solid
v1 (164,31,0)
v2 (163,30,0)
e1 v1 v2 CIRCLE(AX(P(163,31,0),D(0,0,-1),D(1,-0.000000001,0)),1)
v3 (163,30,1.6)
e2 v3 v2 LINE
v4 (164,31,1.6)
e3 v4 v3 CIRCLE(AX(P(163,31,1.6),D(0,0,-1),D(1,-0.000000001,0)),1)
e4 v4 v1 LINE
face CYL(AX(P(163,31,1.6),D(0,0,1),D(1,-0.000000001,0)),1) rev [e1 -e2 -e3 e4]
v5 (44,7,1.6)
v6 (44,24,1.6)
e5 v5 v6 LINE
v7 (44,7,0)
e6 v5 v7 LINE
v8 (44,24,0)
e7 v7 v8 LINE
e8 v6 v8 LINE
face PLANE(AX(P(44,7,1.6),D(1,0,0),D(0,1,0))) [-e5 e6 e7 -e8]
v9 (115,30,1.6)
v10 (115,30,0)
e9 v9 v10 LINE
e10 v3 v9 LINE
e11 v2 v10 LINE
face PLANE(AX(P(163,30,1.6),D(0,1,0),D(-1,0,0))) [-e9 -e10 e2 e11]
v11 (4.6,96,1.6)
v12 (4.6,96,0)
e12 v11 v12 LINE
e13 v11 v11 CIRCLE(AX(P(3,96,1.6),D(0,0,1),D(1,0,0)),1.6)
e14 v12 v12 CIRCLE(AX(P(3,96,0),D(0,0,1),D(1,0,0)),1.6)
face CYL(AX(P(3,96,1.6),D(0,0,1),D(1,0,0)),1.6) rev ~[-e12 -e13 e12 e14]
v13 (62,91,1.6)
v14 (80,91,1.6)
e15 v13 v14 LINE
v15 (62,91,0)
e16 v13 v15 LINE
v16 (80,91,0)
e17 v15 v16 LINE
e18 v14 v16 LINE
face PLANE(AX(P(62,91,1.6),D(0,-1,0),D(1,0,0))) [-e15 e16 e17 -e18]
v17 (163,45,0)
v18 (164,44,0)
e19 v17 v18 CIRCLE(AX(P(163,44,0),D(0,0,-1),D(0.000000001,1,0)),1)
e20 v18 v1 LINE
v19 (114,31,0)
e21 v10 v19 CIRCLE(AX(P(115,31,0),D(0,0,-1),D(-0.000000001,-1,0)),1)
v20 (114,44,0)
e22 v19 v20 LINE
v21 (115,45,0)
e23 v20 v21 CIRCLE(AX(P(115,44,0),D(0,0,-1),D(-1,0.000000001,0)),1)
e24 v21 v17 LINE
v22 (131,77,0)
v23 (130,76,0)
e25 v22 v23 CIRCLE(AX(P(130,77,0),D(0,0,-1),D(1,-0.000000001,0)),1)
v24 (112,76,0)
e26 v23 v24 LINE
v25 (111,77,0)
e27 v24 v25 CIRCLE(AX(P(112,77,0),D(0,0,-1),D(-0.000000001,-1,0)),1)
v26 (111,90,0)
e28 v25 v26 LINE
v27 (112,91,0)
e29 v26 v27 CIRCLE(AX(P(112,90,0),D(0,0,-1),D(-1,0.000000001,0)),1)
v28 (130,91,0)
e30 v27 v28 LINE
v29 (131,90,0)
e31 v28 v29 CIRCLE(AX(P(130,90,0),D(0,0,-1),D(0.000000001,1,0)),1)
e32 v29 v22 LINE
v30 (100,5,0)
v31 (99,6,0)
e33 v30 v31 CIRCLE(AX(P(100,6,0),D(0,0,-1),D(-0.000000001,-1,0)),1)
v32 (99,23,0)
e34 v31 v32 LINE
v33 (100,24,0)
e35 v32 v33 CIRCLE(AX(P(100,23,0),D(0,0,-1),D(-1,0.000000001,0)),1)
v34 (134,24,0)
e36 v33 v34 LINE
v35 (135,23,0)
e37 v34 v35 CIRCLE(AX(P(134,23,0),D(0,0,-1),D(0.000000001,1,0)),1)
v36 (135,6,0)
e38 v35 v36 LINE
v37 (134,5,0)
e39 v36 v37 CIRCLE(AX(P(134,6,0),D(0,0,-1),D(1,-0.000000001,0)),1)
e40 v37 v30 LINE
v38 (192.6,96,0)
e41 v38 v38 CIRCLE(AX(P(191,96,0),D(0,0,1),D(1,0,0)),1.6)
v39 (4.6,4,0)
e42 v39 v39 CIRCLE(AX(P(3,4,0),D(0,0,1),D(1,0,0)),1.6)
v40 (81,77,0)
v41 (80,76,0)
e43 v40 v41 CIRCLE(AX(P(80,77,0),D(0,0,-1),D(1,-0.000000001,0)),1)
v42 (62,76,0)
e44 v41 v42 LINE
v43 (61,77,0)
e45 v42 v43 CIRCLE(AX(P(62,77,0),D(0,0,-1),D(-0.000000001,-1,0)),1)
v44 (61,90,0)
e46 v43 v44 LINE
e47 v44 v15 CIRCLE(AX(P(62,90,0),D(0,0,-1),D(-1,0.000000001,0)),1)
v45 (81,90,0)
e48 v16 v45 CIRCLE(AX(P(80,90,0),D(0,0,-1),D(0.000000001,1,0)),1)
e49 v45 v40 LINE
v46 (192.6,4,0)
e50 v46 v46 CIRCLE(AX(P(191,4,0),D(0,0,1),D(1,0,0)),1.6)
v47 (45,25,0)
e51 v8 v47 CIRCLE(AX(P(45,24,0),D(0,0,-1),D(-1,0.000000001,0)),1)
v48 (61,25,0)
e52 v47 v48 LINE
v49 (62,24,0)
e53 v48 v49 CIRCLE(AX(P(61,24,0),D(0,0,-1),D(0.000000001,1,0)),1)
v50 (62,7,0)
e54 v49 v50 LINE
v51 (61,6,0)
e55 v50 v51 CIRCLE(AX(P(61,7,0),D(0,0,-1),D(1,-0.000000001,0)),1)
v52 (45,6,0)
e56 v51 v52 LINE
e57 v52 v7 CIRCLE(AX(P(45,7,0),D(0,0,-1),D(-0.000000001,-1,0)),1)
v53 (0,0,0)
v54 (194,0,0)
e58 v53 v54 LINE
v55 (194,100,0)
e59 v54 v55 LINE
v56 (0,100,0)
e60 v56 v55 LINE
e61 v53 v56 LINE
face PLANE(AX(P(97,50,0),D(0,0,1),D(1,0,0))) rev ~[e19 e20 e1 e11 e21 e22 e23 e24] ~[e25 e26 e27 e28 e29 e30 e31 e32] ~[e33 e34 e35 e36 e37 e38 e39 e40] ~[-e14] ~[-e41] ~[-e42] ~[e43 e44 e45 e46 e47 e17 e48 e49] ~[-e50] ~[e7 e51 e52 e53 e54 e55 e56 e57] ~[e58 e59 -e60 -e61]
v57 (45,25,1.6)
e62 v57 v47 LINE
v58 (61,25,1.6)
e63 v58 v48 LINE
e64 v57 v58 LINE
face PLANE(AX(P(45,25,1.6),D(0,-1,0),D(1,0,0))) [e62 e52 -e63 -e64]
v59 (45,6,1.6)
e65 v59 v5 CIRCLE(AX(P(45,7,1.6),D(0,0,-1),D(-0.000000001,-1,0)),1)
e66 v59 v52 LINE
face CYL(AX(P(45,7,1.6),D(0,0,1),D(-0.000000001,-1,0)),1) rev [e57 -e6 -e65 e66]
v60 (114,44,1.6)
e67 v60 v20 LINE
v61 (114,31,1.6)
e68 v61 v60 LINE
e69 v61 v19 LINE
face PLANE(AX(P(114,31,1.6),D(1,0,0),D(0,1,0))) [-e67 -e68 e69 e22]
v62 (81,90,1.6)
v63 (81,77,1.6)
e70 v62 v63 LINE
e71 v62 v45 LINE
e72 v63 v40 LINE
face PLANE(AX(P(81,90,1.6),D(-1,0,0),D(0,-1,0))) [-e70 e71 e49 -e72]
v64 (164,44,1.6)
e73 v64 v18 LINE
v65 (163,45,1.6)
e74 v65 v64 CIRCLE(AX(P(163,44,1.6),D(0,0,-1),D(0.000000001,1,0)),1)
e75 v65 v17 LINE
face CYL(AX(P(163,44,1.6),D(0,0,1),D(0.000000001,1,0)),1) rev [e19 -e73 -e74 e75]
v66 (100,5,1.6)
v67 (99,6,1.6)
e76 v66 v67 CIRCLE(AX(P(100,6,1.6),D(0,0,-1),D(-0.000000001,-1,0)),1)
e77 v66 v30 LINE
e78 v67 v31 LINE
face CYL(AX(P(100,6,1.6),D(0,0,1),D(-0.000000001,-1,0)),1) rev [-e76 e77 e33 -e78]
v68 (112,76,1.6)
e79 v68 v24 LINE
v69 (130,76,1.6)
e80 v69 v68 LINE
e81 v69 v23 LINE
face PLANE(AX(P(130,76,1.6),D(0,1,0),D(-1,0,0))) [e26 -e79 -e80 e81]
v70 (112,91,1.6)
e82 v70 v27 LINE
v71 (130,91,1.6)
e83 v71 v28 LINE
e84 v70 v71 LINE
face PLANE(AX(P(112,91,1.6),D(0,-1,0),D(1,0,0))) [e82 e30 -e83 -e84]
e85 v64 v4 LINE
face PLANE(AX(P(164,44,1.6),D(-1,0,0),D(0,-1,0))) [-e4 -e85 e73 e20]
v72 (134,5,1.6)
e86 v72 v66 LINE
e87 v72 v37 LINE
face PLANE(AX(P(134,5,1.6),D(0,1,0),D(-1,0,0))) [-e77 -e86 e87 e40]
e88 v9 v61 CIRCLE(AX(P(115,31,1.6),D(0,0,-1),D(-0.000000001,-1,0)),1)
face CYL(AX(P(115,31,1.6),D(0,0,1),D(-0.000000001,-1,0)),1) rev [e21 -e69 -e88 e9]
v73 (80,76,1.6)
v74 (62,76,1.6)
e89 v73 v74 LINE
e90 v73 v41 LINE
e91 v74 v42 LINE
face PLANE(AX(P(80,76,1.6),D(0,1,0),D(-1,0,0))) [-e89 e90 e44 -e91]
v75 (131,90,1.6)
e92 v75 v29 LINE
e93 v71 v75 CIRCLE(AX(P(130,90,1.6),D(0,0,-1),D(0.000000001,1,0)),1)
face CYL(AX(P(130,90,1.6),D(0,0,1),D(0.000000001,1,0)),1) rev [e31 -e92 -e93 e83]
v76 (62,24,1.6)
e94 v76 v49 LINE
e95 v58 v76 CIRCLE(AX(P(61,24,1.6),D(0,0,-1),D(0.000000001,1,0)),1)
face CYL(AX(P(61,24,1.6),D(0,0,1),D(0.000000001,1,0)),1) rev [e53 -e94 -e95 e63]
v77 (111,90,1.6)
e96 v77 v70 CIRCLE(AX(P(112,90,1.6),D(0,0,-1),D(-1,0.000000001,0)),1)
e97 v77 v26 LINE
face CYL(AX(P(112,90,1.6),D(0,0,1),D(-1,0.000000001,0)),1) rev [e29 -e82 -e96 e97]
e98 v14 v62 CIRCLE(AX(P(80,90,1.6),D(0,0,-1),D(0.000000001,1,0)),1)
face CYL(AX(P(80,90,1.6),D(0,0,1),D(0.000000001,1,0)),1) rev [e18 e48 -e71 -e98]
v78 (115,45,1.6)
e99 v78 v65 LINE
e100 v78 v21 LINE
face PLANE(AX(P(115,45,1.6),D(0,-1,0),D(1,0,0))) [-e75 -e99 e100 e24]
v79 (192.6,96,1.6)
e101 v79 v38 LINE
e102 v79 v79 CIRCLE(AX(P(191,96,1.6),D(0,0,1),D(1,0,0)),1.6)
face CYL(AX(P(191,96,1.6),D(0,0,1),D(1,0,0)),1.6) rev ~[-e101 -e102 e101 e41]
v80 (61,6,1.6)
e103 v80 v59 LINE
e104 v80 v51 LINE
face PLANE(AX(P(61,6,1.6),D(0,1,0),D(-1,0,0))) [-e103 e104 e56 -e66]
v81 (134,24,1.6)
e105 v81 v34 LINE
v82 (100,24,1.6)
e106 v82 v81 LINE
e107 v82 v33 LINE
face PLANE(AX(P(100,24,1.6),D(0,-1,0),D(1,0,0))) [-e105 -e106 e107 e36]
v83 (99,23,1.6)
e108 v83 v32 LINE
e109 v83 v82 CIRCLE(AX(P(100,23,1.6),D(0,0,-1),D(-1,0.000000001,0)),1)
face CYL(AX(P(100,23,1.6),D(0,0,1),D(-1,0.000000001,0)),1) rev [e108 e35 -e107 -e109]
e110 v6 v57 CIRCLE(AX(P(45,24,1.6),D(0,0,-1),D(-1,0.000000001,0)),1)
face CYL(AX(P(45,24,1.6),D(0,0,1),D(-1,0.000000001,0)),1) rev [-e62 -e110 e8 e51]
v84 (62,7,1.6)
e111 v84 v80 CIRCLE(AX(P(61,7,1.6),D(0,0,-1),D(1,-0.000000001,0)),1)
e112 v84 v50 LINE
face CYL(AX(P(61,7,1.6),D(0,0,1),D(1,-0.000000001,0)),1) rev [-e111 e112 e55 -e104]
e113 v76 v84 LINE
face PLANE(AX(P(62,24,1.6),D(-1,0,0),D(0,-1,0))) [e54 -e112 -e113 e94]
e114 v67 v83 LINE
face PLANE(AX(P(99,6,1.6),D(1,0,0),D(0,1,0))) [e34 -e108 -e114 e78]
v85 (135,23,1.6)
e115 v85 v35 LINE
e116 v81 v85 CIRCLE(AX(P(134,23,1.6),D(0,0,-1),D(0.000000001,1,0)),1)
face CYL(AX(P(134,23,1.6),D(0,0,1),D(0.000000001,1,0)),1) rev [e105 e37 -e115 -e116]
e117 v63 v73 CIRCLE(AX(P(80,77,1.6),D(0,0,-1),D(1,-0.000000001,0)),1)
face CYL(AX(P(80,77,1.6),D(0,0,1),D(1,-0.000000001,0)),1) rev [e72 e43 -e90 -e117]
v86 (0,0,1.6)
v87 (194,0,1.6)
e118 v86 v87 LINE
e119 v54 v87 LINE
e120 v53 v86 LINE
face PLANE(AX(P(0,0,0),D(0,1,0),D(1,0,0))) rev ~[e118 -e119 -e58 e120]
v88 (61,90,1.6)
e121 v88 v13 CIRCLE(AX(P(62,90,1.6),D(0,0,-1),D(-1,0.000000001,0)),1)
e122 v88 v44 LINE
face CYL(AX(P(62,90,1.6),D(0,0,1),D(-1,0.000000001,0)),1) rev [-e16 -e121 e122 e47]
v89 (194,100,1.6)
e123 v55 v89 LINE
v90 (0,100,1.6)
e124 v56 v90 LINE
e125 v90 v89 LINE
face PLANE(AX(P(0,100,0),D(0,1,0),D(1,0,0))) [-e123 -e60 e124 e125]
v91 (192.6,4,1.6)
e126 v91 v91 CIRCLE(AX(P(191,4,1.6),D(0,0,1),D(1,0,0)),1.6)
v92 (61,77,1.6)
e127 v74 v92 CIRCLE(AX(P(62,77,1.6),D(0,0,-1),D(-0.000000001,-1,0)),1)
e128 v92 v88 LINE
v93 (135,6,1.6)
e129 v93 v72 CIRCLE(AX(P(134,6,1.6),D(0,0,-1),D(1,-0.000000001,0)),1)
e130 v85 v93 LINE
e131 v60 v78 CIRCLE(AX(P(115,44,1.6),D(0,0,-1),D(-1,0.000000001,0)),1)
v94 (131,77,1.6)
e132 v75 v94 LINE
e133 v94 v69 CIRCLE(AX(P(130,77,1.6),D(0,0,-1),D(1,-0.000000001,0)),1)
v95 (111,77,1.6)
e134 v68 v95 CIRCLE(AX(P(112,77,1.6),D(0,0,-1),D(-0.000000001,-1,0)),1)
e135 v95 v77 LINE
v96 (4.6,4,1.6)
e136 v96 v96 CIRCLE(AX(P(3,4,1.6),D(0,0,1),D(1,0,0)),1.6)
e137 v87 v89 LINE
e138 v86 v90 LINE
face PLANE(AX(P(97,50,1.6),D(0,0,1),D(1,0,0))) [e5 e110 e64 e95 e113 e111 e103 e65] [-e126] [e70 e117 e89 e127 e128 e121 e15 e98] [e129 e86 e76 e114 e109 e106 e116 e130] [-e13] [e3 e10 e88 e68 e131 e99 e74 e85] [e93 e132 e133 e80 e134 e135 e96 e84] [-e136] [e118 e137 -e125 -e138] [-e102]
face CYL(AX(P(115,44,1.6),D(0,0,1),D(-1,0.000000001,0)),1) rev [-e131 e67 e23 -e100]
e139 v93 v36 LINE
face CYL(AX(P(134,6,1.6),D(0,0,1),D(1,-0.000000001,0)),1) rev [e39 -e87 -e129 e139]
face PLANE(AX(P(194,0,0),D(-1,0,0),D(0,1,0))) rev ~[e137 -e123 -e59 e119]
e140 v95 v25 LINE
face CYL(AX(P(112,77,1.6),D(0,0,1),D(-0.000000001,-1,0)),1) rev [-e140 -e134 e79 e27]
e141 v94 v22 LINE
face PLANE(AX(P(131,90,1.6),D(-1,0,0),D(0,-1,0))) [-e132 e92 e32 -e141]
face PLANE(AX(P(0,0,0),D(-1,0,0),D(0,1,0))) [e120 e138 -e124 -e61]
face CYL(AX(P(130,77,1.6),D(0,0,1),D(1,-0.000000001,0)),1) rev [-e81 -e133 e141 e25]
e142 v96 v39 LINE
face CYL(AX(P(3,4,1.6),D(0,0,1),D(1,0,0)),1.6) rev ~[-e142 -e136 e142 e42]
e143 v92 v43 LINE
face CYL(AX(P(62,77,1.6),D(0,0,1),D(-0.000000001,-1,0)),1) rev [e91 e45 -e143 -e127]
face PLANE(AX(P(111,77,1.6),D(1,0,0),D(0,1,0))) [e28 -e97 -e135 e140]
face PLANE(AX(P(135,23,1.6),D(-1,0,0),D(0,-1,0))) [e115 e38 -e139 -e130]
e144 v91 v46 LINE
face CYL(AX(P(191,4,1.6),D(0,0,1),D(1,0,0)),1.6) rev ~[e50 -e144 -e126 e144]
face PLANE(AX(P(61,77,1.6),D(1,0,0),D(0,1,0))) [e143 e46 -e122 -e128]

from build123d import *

# Parameters (mm, degrees)
ESQUISSE1_W             = 194
ESQUISSE1_H             = 100
BOSS_EXTRU_1_DEPTH      = 1.6
ESQUISSE2_R             = 1.6
ENL_V_MAT_EXTRU_1_DEPTH = 1.6


with BuildPart() as part:
    # Esquisse1 → Boss.-Extru.1 (new body)
    with BuildSketch(Plane.XY):
        with Locations((97, 50)):
            Rectangle(ESQUISSE1_W, ESQUISSE1_H)
    extrude(amount=BOSS_EXTRU_1_DEPTH)

    # Esquisse2 → Enlèv. mat.-Extru.1 (cut)
    with BuildSketch(Plane.XY.offset(1.6)):
        with Locations((3, 96)):
            Circle(ESQUISSE2_R)
        with Locations((191, 96)):
            Circle(ESQUISSE2_R)
        with Locations((191, 4)):
            Circle(ESQUISSE2_R)
        with Locations((3, 4)):
            Circle(ESQUISSE2_R)
        with BuildLine():
            Line((45, 25), (61, 25))
            ThreePointArc((61, 25), (61.707106781, 24.707106781), (62, 24))
            Line((62, 24), (62, 7))
            ThreePointArc((62, 7), (61.707106781, 6.292893219), (61, 6))
            Line((61, 6), (45, 6))
            ThreePointArc((45, 6), (44.292893219, 6.292893219), (44, 7))
            Line((44, 7), (44, 24))
            ThreePointArc((44, 24), (44.292893219, 24.707106781), (45, 25))
        make_face()
        with BuildLine():
            Line((62, 91), (80, 91))
            ThreePointArc((80, 91), (80.707106781, 90.707106781), (81, 90))
            Line((81, 90), (81, 77))
            ThreePointArc((81, 77), (80.707106781, 76.292893219), (80, 76))
            Line((80, 76), (62, 76))
            ThreePointArc((62, 76), (61.292893219, 76.292893219), (61, 77))
            Line((61, 77), (61, 90))
            ThreePointArc((61, 90), (61.292893219, 90.707106781), (62, 91))
        make_face()
        with BuildLine():
            Line((112, 91), (130, 91))
            ThreePointArc((130, 91), (130.707106781, 90.707106781), (131, 90))
            Line((131, 90), (131, 77))
            ThreePointArc((131, 77), (130.707106781, 76.292893219), (130, 76))
            Line((130, 76), (112, 76))
            ThreePointArc((112, 76), (111.292893219, 76.292893219), (111, 77))
            Line((111, 77), (111, 90))
            ThreePointArc((111, 90), (111.292893219, 90.707106781), (112, 91))
        make_face()
        with BuildLine():
            Line((115, 45), (163, 45))
            ThreePointArc((163, 45), (163.707106781, 44.707106781), (164, 44))
            Line((164, 44), (164, 31))
            ThreePointArc((164, 31), (163.707106781, 30.292893219), (163, 30))
            Line((163, 30), (115, 30))
            ThreePointArc((115, 30), (114.292893219, 30.292893219), (114, 31))
            Line((114, 31), (114, 44))
            ThreePointArc((114, 44), (114.292893219, 44.707106781), (115, 45))
        make_face()
        with BuildLine():
            Line((100, 24), (134, 24))
            ThreePointArc((134, 24), (134.707106781, 23.707106781), (135, 23))
            Line((135, 23), (135, 6))
            ThreePointArc((135, 6), (134.707106781, 5.292893219), (134, 5))
            Line((134, 5), (100, 5))
            ThreePointArc((100, 5), (99.292893219, 5.292893219), (99, 6))
            Line((99, 6), (99, 23))
            ThreePointArc((99, 23), (99.292893219, 23.707106781), (100, 24))
        make_face()
    extrude(amount=-ENL_V_MAT_EXTRU_1_DEPTH, mode=Mode.SUBTRACT)


solid = part.part
